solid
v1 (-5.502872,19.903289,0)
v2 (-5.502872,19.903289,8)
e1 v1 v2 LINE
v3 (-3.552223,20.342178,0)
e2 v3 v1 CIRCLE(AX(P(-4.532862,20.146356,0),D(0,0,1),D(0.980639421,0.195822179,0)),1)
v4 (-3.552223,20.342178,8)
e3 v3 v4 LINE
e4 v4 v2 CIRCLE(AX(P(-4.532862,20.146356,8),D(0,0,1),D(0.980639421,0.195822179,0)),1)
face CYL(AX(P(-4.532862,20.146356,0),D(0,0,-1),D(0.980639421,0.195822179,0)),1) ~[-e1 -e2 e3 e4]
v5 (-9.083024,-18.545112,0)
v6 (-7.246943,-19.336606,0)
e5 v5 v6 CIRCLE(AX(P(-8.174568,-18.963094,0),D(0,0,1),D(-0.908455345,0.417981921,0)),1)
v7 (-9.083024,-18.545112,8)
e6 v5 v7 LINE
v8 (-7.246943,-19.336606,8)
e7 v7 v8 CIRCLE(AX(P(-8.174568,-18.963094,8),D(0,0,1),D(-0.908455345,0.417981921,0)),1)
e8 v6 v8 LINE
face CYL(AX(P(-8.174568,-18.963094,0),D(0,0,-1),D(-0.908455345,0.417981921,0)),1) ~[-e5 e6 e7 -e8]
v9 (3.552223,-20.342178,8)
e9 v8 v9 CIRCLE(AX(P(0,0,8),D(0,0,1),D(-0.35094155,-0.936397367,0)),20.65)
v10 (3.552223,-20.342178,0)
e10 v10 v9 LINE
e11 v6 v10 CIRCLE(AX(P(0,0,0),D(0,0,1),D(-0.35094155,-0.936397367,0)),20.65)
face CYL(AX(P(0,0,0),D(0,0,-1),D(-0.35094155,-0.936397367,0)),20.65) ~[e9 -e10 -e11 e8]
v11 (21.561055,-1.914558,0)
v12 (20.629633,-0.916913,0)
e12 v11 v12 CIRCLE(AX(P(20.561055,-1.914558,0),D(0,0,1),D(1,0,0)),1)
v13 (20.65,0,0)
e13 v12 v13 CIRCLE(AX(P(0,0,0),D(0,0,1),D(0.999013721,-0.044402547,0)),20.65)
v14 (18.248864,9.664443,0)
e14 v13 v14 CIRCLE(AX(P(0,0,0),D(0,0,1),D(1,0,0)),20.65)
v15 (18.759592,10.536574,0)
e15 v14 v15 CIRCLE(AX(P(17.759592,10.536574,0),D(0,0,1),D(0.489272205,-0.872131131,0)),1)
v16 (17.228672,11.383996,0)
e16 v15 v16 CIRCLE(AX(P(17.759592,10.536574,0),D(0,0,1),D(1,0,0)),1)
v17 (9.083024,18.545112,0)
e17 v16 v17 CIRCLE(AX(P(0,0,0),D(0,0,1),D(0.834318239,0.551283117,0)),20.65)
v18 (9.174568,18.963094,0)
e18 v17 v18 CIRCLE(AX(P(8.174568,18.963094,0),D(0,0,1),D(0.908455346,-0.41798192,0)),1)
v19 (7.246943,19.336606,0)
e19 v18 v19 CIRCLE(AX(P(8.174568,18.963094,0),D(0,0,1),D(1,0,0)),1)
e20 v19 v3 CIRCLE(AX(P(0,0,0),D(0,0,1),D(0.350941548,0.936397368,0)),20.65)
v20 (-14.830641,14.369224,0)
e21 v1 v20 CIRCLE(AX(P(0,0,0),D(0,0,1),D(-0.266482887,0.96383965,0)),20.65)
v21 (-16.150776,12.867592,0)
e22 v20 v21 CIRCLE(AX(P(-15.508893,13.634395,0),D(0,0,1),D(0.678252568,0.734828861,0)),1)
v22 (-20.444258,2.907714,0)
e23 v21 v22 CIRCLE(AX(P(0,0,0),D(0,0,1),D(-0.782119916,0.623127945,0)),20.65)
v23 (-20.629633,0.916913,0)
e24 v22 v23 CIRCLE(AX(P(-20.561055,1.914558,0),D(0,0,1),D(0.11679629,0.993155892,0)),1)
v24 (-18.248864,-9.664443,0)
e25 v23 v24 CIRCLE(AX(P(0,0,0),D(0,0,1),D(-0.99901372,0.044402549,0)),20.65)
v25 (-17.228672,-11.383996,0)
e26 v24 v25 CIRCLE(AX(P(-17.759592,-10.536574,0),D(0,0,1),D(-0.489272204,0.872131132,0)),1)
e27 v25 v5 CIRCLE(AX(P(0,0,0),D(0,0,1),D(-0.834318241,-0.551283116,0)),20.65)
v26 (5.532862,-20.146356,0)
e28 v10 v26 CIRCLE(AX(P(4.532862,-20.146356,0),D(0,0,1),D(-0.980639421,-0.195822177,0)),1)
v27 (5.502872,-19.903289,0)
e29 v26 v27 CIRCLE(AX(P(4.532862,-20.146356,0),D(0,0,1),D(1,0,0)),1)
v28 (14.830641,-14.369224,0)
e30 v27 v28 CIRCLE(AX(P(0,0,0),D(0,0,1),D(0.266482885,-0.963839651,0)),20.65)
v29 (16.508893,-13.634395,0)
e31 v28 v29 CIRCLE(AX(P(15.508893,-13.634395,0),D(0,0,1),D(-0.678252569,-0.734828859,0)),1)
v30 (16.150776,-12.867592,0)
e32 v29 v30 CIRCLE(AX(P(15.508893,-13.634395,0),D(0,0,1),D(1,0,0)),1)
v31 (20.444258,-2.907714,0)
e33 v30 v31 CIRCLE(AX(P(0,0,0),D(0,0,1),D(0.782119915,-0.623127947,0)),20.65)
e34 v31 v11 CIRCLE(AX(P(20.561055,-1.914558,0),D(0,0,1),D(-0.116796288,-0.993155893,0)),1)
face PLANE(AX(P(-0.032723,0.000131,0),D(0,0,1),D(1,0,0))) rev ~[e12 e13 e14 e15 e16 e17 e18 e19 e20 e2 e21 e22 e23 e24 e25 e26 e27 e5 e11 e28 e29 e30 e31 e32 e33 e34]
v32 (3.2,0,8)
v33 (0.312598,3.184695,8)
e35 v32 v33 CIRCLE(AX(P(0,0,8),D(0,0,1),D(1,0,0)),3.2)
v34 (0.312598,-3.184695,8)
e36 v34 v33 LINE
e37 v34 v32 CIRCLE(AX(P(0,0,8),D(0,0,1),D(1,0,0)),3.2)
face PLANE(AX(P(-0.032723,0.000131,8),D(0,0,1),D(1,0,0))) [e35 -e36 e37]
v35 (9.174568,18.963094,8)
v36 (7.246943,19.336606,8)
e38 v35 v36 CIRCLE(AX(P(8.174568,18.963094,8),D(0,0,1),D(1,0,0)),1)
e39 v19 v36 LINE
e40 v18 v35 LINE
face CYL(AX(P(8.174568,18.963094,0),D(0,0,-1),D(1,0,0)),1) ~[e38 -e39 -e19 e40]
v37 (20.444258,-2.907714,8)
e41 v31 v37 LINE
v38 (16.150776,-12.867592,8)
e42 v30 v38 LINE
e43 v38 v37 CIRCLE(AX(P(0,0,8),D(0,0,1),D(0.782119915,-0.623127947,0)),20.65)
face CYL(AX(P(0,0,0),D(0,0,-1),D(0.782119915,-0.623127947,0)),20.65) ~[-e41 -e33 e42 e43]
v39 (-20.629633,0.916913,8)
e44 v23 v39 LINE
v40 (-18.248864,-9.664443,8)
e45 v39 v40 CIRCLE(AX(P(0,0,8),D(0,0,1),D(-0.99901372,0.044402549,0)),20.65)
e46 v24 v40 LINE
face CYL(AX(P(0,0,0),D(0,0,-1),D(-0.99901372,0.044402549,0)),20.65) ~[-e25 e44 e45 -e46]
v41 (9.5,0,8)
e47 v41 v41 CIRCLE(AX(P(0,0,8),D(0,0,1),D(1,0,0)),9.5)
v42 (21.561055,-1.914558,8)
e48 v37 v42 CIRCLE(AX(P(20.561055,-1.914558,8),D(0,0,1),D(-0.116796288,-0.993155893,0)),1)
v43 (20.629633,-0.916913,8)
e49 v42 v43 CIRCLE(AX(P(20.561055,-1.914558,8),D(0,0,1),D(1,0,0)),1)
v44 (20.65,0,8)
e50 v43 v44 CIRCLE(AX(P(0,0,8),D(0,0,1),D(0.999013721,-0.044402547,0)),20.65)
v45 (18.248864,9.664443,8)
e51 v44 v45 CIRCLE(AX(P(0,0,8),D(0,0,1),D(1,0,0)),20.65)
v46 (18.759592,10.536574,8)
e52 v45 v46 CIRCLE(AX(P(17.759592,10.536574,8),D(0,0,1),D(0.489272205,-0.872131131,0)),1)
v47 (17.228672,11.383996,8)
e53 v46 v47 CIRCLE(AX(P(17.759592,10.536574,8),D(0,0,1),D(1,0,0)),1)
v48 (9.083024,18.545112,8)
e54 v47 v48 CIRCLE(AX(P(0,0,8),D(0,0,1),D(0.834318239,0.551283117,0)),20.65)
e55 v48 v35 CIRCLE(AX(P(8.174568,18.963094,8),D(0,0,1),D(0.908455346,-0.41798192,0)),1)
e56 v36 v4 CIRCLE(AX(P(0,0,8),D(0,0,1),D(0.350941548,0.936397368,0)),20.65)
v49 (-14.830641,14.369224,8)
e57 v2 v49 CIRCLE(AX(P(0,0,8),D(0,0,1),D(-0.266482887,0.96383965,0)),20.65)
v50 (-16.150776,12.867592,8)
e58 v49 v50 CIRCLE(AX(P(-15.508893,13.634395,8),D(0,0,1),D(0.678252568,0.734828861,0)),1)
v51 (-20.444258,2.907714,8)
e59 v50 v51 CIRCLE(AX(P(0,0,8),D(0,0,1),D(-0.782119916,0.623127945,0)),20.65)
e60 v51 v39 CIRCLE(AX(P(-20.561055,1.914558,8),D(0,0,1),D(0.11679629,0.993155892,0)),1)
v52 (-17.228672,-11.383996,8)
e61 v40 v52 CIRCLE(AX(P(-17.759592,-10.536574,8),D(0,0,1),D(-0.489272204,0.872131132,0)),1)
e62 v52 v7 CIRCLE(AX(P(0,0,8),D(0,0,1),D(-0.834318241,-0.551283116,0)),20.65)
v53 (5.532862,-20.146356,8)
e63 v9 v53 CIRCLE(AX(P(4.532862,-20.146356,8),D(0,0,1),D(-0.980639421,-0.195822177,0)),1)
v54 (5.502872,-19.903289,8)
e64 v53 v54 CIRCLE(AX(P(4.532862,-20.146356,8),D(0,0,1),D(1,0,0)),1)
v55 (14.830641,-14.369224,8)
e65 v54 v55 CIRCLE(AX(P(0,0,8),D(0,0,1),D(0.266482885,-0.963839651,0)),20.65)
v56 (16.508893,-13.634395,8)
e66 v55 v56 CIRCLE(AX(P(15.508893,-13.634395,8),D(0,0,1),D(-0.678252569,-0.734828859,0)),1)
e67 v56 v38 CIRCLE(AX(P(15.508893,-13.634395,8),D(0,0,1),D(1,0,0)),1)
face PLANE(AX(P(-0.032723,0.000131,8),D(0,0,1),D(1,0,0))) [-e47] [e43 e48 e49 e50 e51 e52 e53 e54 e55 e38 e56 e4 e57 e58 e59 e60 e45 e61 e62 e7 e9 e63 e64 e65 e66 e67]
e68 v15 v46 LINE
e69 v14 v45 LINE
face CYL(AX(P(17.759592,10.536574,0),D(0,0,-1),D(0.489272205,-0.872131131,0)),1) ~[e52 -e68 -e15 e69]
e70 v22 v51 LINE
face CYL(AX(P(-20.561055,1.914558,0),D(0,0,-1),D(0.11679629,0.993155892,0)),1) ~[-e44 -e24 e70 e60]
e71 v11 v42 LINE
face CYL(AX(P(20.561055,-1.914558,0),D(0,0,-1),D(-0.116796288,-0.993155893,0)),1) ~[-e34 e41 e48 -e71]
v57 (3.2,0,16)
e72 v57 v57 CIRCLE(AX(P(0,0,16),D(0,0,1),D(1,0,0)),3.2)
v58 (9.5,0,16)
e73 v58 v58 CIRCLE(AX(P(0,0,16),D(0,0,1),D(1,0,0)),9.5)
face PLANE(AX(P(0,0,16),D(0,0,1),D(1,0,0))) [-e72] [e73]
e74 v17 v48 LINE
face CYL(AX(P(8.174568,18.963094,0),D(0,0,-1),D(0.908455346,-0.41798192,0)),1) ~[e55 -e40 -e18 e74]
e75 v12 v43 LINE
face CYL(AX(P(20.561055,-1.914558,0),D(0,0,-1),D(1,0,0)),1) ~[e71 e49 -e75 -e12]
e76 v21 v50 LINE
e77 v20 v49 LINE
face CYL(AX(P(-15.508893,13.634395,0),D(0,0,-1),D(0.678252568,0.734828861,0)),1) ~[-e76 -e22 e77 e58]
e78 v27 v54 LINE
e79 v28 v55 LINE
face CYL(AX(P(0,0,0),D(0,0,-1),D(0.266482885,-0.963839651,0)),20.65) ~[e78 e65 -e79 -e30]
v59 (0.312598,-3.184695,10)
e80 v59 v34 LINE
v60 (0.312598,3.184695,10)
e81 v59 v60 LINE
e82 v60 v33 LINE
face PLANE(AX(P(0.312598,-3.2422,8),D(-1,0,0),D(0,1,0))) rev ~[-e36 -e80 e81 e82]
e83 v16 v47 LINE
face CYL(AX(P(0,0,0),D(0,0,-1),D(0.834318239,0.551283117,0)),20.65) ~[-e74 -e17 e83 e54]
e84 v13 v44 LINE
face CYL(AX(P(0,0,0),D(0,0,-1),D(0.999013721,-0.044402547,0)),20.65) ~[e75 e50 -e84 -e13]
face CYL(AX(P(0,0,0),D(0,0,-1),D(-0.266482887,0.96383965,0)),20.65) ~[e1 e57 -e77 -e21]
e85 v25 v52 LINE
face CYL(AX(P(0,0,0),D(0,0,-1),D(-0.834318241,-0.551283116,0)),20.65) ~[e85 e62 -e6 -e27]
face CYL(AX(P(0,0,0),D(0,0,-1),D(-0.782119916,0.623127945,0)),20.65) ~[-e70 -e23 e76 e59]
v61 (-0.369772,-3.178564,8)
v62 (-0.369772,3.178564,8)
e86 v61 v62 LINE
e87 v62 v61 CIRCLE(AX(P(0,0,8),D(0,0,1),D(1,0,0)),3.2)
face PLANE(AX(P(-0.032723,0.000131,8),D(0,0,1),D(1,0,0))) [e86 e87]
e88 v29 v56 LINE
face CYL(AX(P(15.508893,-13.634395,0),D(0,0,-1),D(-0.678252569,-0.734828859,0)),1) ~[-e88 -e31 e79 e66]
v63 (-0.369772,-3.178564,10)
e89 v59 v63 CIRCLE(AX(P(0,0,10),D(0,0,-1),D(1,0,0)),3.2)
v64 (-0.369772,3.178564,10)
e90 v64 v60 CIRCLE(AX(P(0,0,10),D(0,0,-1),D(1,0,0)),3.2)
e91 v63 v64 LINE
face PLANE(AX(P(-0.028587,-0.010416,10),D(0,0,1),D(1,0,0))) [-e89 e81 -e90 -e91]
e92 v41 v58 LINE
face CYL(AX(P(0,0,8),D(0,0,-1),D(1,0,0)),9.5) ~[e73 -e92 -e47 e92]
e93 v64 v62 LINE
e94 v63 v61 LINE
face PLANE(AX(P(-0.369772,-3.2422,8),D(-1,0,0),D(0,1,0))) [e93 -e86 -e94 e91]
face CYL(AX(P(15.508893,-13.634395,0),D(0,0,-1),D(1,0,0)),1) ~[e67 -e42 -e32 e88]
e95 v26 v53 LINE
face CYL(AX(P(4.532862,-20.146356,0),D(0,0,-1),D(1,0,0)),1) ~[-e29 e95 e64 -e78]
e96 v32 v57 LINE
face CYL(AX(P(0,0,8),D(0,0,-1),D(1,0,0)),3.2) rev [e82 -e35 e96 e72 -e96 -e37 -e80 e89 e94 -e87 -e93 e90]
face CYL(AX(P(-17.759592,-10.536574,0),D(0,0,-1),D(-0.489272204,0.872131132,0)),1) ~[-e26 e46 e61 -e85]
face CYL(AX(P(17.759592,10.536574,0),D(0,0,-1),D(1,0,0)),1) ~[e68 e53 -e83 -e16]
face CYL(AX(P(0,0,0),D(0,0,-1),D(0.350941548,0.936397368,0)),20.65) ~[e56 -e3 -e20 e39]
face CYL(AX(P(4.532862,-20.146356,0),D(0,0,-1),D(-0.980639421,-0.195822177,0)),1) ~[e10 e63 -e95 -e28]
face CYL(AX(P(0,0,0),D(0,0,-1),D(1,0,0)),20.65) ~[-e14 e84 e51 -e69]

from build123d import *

# Parameters (mm, degrees)
F1_DEPTH = 8
F2_R     = 9.5
F2_R_2   = 3.2
F3_DEPTH = 8
F4_W     = 0.682370679
F4_H     = 6.463566795
F5_DEPTH = 2


with BuildPart() as f1:
    # F0 (on Top) → F1 (new body)
    with BuildSketch(Plane.XY):
        with BuildLine():
            ThreePointArc((20.6296333293, -0.9169125905), (20.6449077044, -0.4585693786), (20.65, 0))
            ThreePointArc((20.65, 0), (20.0407277838, 4.9791294317), (18.2488639325, 9.6644433453))
            ThreePointArc((18.2488639325, 9.6644433453), (16.899563072, 10.0263287386), (17.228671645, 11.3839963699))
            ThreePointArc((17.228671645, 11.3839963699), (13.6343948602, 15.5088934743), (9.0830237721, 18.5451120017))
            ThreePointArc((9.0830237721, 18.5451120017), (7.7787055485, 18.0447842877), (7.2469429653, 19.3366056395))
            ThreePointArc((7.2469429653, 19.3366056395), (1.9145582783, 20.5610546081), (-3.5522227527, 20.34217819))
            ThreePointArc((-3.5522227527, 20.34217819), (-3.537714089, 20.2447444729), (-3.5328621738, 20.1463560108))
            ThreePointArc((-3.5328621738, 20.1463560108), (-4.4104069619, 19.1538819703), (-5.5028716159, 19.9032887729))
            ThreePointArc((-5.5028716159, 19.9032887729), (-10.5365744934, 17.7595917167), (-14.83064092, 14.3692237056))
            ThreePointArc((-14.83064092, 14.3692237056), (-14.5928551239, 14.0354855032), (-14.5088934877, 13.634394845))
            ThreePointArc((-14.5088934877, 13.634394845), (-15.0857403153, 12.7283366831), (-16.1507762731, 12.8675920738))
            ThreePointArc((-16.1507762731, 12.8675920738), (-18.9630939126, 8.1745684449), (-20.4442583125, 2.9077142313))
            ThreePointArc((-20.4442583125, 2.9077142313), (-19.813794176, 2.5790896437), (-19.5610546025, 1.9145583389))
            ThreePointArc((-19.5610546025, 1.9145583389), (-19.8786246519, 1.1836073402), (-20.6296333275, 0.916912631))
            ThreePointArc((-20.6296333275, 0.916912631), (-20.1463560242, -4.5328621144), (-18.2488639515, -9.6644433094))
            ThreePointArc((-18.2488639515, -9.6644433094), (-17.2542563165, -9.6736514422), (-16.7595917478, -10.536574441))
            ThreePointArc((-16.7595917478, -10.536574441), (-16.8846860156, -11.020867699), (-17.2286716673, -11.383996336))
            ThreePointArc((-17.2286716673, -11.383996336), (-13.6343948907, -15.5088934475), (-9.0830238086, -18.5451119838))
            ThreePointArc((-9.0830238086, -18.5451119838), (-7.9606237803, -17.9862481273), (-7.1745684636, -18.9630939046))
            ThreePointArc((-7.1745684636, -18.9630939046), (-7.1928288188, -19.1533234235), (-7.2469430033, -19.3366056253))
            ThreePointArc((-7.2469430033, -19.3366056253), (-1.9145583187, -20.5610546044), (3.5522227127, -20.342178197))
            ThreePointArc((3.5522227127, -20.342178197), (4.313353072, -19.1707455587), (5.5028715768, -19.9032887837))
            ThreePointArc((5.5028715768, -19.9032887837), (10.5365744585, -17.7595917375), (14.8306408918, -14.3692237348))
            ThreePointArc((14.8306408918, -14.3692237348), (14.7578574579, -12.9741336224), (16.1507762478, -12.8675921056))
            ThreePointArc((16.1507762478, -12.8675921056), (18.9630939126, -8.1745684449), (20.4442583182, -2.9077141911))
            ThreePointArc((20.4442583182, -2.9077141911), (19.5653618893, -1.8218436109), (20.6296333293, -0.9169125905))
        make_face()
        with BuildLine():
            ThreePointArc((17.228671645, 11.3839963699), (16.899563072, 10.0263287386), (18.2488639325, 9.6644433453))
            ThreePointArc((18.2488639325, 9.6644433453), (17.7595917271, 10.5365744759), (17.228671645, 11.3839963699))
        make_face()
        with BuildLine():
            ThreePointArc((17.228671645, 11.3839963699), (17.7595917271, 10.5365744759), (18.2488639325, 9.6644433453))
            ThreePointArc((18.2488639325, 9.6644433453), (18.6225147264, 10.0312390454), (18.7595917271, 10.5365744759))
            ThreePointArc((18.7595917271, 10.5365744759), (18.2438849843, 11.4114802086), (17.228671645, 11.3839963699))
        make_face()
        with BuildLine():
            ThreePointArc((21.5610546063, -1.9145582985), (21.2920056043, -1.2321283472), (20.6296333293, -0.9169125905))
            ThreePointArc((20.6296333293, -0.9169125905), (20.5610546063, -1.9145582985), (20.4442583182, -2.9077141911))
            ThreePointArc((20.4442583182, -2.9077141911), (21.2255859118, -2.6618187243), (21.5610546063, -1.9145582985))
        make_face()
        with BuildLine():
            ThreePointArc((20.4442583182, -2.9077141911), (20.5610546063, -1.9145582985), (20.6296333293, -0.9169125905))
            ThreePointArc((20.6296333293, -0.9169125905), (19.5653618893, -1.8218436109), (20.4442583182, -2.9077141911))
        make_face()
        with BuildLine():
            ThreePointArc((7.2469429653, 19.3366056395), (7.7787055485, 18.0447842877), (9.0830237721, 18.5451120017))
            ThreePointArc((9.0830237721, 18.5451120017), (8.1745684263, 18.9630939207), (7.2469429653, 19.3366056395))
        make_face()
        with BuildLine():
            ThreePointArc((7.2469429653, 19.3366056395), (8.1745684263, 18.9630939207), (9.0830237721, 18.5451120017))
            ThreePointArc((9.0830237721, 18.5451120017), (9.1514142038, 18.7491492384), (9.1745684263, 18.9630939207))
            ThreePointArc((9.1745684263, 18.9630939207), (8.3647979443, 19.9448335656), (7.2469429653, 19.3366056395))
        make_face()
        with BuildLine():
            ThreePointArc((16.5088934609, -13.6343948754), (16.4149516232, -13.2112417039), (16.1507762478, -12.8675921056))
            ThreePointArc((16.1507762478, -12.8675921056), (15.5088934609, -13.6343948754), (14.8306408918, -14.3692237348))
            ThreePointArc((14.8306408918, -14.3692237348), (15.9099841183, -14.5504332396), (16.5088934609, -13.6343948754))
        make_face()
        with BuildLine():
            ThreePointArc((14.8306408918, -14.3692237348), (15.5088934609, -13.6343948754), (16.1507762478, -12.8675921056))
            ThreePointArc((16.1507762478, -12.8675921056), (14.7578574579, -12.9741336224), (14.8306408918, -14.3692237348))
        make_face()
        with BuildLine():
            ThreePointArc((-3.5328621738, 20.1463560108), (-3.537714089, 20.2447444729), (-3.5522227527, 20.34217819))
            ThreePointArc((-3.5522227527, 20.34217819), (-4.5328621738, 20.1463560108), (-5.5028716159, 19.9032887729))
            ThreePointArc((-5.5028716159, 19.9032887729), (-4.4104069619, 19.1538819703), (-3.5328621738, 20.1463560108))
        make_face()
        with BuildLine():
            ThreePointArc((-5.5028716159, 19.9032887729), (-4.5328621738, 20.1463560108), (-3.5522227527, 20.34217819))
            ThreePointArc((-3.5522227527, 20.34217819), (-4.7523712379, 21.1219664714), (-5.5028716159, 19.9032887729))
        make_face()
        with BuildLine():
            ThreePointArc((5.5328621342, -20.1463560197), (5.5253361748, -20.0239008088), (5.5028715768, -19.9032887837))
            ThreePointArc((5.5028715768, -19.9032887837), (4.5328621342, -20.1463560197), (3.5522227127, -20.342178197))
            ThreePointArc((3.5522227127, -20.342178197), (4.6312505953, -21.1415041045), (5.5328621342, -20.1463560197))
        make_face()
        with BuildLine():
            ThreePointArc((3.5522227127, -20.342178197), (4.5328621342, -20.1463560197), (5.5028715768, -19.9032887837))
            ThreePointArc((5.5028715768, -19.9032887837), (4.313353072, -19.1707455587), (3.5522227127, -20.342178197))
        make_face()
        with BuildLine():
            ThreePointArc((-14.5088934877, 13.634394845), (-14.5928551239, 14.0354855032), (-14.83064092, 14.3692237056))
            ThreePointArc((-14.83064092, 14.3692237056), (-15.5088934877, 13.634394845), (-16.1507762731, 12.8675920738))
            ThreePointArc((-16.1507762731, 12.8675920738), (-15.0857403153, 12.7283366831), (-14.5088934877, 13.634394845))
        make_face()
        with BuildLine():
            ThreePointArc((-16.1507762731, 12.8675920738), (-15.5088934877, 13.634394845), (-14.83064092, 14.3692237056))
            ThreePointArc((-14.83064092, 14.3692237056), (-16.2599294919, 14.2946560965), (-16.1507762731, 12.8675920738))
        make_face()
        with BuildLine():
            ThreePointArc((-9.0830238086, -18.5451119838), (-8.5704313432, -19.8814035368), (-7.2469430033, -19.3366056253))
            ThreePointArc((-7.2469430033, -19.3366056253), (-8.1745684636, -18.9630939046), (-9.0830238086, -18.5451119838))
        make_face()
        with BuildLine():
            ThreePointArc((-9.0830238086, -18.5451119838), (-8.1745684636, -18.9630939046), (-7.2469430033, -19.3366056253))
            ThreePointArc((-7.2469430033, -19.3366056253), (-7.1928288188, -19.1533234235), (-7.1745684636, -18.9630939046))
            ThreePointArc((-7.1745684636, -18.9630939046), (-7.9606237803, -17.9862481273), (-9.0830238086, -18.5451119838))
        make_face()
        with BuildLine():
            ThreePointArc((-19.5610546025, 1.9145583389), (-19.813794176, 2.5790896437), (-20.4442583125, 2.9077142313))
            ThreePointArc((-20.4442583125, 2.9077142313), (-20.5610546025, 1.9145583389), (-20.6296333275, 0.916912631))
            ThreePointArc((-20.6296333275, 0.916912631), (-19.8786246519, 1.1836073402), (-19.5610546025, 1.9145583389))
        make_face()
        with BuildLine():
            ThreePointArc((-20.6296333275, 0.916912631), (-20.5610546025, 1.9145583389), (-20.4442583125, 2.9077142313))
            ThreePointArc((-20.4442583125, 2.9077142313), (-21.5567473193, 2.0072730284), (-20.6296333275, 0.916912631))
        make_face()
        with BuildLine():
            ThreePointArc((-18.2488639515, -9.6644433094), (-18.6196204039, -11.0468201767), (-17.2286716673, -11.383996336))
            ThreePointArc((-17.2286716673, -11.383996336), (-17.7595917478, -10.536574441), (-18.2488639515, -9.6644433094))
        make_face()
        with BuildLine():
            ThreePointArc((-18.2488639515, -9.6644433094), (-17.7595917478, -10.536574441), (-17.2286716673, -11.383996336))
            ThreePointArc((-17.2286716673, -11.383996336), (-16.8846860156, -11.020867699), (-16.7595917478, -10.536574441))
            ThreePointArc((-16.7595917478, -10.536574441), (-17.2542563165, -9.6736514422), (-18.2488639515, -9.6644433094))
        make_face()
    extrude(amount=F1_DEPTH)

    # F2 (on face) → F3 (join)
    with BuildSketch(Plane.XY.offset(8)):
        Circle(F2_R)
        Circle(F2_R_2, mode=Mode.SUBTRACT)
    extrude(amount=F3_DEPTH)

    # F4 (on face) → F5 (join)
    with BuildSketch(Plane.XY.offset(8)):
        with Locations((-0.0285869173, -0.0104163773)):
            Rectangle(F4_W, F4_H)
    extrude(amount=F5_DEPTH)


solid = f1.part
